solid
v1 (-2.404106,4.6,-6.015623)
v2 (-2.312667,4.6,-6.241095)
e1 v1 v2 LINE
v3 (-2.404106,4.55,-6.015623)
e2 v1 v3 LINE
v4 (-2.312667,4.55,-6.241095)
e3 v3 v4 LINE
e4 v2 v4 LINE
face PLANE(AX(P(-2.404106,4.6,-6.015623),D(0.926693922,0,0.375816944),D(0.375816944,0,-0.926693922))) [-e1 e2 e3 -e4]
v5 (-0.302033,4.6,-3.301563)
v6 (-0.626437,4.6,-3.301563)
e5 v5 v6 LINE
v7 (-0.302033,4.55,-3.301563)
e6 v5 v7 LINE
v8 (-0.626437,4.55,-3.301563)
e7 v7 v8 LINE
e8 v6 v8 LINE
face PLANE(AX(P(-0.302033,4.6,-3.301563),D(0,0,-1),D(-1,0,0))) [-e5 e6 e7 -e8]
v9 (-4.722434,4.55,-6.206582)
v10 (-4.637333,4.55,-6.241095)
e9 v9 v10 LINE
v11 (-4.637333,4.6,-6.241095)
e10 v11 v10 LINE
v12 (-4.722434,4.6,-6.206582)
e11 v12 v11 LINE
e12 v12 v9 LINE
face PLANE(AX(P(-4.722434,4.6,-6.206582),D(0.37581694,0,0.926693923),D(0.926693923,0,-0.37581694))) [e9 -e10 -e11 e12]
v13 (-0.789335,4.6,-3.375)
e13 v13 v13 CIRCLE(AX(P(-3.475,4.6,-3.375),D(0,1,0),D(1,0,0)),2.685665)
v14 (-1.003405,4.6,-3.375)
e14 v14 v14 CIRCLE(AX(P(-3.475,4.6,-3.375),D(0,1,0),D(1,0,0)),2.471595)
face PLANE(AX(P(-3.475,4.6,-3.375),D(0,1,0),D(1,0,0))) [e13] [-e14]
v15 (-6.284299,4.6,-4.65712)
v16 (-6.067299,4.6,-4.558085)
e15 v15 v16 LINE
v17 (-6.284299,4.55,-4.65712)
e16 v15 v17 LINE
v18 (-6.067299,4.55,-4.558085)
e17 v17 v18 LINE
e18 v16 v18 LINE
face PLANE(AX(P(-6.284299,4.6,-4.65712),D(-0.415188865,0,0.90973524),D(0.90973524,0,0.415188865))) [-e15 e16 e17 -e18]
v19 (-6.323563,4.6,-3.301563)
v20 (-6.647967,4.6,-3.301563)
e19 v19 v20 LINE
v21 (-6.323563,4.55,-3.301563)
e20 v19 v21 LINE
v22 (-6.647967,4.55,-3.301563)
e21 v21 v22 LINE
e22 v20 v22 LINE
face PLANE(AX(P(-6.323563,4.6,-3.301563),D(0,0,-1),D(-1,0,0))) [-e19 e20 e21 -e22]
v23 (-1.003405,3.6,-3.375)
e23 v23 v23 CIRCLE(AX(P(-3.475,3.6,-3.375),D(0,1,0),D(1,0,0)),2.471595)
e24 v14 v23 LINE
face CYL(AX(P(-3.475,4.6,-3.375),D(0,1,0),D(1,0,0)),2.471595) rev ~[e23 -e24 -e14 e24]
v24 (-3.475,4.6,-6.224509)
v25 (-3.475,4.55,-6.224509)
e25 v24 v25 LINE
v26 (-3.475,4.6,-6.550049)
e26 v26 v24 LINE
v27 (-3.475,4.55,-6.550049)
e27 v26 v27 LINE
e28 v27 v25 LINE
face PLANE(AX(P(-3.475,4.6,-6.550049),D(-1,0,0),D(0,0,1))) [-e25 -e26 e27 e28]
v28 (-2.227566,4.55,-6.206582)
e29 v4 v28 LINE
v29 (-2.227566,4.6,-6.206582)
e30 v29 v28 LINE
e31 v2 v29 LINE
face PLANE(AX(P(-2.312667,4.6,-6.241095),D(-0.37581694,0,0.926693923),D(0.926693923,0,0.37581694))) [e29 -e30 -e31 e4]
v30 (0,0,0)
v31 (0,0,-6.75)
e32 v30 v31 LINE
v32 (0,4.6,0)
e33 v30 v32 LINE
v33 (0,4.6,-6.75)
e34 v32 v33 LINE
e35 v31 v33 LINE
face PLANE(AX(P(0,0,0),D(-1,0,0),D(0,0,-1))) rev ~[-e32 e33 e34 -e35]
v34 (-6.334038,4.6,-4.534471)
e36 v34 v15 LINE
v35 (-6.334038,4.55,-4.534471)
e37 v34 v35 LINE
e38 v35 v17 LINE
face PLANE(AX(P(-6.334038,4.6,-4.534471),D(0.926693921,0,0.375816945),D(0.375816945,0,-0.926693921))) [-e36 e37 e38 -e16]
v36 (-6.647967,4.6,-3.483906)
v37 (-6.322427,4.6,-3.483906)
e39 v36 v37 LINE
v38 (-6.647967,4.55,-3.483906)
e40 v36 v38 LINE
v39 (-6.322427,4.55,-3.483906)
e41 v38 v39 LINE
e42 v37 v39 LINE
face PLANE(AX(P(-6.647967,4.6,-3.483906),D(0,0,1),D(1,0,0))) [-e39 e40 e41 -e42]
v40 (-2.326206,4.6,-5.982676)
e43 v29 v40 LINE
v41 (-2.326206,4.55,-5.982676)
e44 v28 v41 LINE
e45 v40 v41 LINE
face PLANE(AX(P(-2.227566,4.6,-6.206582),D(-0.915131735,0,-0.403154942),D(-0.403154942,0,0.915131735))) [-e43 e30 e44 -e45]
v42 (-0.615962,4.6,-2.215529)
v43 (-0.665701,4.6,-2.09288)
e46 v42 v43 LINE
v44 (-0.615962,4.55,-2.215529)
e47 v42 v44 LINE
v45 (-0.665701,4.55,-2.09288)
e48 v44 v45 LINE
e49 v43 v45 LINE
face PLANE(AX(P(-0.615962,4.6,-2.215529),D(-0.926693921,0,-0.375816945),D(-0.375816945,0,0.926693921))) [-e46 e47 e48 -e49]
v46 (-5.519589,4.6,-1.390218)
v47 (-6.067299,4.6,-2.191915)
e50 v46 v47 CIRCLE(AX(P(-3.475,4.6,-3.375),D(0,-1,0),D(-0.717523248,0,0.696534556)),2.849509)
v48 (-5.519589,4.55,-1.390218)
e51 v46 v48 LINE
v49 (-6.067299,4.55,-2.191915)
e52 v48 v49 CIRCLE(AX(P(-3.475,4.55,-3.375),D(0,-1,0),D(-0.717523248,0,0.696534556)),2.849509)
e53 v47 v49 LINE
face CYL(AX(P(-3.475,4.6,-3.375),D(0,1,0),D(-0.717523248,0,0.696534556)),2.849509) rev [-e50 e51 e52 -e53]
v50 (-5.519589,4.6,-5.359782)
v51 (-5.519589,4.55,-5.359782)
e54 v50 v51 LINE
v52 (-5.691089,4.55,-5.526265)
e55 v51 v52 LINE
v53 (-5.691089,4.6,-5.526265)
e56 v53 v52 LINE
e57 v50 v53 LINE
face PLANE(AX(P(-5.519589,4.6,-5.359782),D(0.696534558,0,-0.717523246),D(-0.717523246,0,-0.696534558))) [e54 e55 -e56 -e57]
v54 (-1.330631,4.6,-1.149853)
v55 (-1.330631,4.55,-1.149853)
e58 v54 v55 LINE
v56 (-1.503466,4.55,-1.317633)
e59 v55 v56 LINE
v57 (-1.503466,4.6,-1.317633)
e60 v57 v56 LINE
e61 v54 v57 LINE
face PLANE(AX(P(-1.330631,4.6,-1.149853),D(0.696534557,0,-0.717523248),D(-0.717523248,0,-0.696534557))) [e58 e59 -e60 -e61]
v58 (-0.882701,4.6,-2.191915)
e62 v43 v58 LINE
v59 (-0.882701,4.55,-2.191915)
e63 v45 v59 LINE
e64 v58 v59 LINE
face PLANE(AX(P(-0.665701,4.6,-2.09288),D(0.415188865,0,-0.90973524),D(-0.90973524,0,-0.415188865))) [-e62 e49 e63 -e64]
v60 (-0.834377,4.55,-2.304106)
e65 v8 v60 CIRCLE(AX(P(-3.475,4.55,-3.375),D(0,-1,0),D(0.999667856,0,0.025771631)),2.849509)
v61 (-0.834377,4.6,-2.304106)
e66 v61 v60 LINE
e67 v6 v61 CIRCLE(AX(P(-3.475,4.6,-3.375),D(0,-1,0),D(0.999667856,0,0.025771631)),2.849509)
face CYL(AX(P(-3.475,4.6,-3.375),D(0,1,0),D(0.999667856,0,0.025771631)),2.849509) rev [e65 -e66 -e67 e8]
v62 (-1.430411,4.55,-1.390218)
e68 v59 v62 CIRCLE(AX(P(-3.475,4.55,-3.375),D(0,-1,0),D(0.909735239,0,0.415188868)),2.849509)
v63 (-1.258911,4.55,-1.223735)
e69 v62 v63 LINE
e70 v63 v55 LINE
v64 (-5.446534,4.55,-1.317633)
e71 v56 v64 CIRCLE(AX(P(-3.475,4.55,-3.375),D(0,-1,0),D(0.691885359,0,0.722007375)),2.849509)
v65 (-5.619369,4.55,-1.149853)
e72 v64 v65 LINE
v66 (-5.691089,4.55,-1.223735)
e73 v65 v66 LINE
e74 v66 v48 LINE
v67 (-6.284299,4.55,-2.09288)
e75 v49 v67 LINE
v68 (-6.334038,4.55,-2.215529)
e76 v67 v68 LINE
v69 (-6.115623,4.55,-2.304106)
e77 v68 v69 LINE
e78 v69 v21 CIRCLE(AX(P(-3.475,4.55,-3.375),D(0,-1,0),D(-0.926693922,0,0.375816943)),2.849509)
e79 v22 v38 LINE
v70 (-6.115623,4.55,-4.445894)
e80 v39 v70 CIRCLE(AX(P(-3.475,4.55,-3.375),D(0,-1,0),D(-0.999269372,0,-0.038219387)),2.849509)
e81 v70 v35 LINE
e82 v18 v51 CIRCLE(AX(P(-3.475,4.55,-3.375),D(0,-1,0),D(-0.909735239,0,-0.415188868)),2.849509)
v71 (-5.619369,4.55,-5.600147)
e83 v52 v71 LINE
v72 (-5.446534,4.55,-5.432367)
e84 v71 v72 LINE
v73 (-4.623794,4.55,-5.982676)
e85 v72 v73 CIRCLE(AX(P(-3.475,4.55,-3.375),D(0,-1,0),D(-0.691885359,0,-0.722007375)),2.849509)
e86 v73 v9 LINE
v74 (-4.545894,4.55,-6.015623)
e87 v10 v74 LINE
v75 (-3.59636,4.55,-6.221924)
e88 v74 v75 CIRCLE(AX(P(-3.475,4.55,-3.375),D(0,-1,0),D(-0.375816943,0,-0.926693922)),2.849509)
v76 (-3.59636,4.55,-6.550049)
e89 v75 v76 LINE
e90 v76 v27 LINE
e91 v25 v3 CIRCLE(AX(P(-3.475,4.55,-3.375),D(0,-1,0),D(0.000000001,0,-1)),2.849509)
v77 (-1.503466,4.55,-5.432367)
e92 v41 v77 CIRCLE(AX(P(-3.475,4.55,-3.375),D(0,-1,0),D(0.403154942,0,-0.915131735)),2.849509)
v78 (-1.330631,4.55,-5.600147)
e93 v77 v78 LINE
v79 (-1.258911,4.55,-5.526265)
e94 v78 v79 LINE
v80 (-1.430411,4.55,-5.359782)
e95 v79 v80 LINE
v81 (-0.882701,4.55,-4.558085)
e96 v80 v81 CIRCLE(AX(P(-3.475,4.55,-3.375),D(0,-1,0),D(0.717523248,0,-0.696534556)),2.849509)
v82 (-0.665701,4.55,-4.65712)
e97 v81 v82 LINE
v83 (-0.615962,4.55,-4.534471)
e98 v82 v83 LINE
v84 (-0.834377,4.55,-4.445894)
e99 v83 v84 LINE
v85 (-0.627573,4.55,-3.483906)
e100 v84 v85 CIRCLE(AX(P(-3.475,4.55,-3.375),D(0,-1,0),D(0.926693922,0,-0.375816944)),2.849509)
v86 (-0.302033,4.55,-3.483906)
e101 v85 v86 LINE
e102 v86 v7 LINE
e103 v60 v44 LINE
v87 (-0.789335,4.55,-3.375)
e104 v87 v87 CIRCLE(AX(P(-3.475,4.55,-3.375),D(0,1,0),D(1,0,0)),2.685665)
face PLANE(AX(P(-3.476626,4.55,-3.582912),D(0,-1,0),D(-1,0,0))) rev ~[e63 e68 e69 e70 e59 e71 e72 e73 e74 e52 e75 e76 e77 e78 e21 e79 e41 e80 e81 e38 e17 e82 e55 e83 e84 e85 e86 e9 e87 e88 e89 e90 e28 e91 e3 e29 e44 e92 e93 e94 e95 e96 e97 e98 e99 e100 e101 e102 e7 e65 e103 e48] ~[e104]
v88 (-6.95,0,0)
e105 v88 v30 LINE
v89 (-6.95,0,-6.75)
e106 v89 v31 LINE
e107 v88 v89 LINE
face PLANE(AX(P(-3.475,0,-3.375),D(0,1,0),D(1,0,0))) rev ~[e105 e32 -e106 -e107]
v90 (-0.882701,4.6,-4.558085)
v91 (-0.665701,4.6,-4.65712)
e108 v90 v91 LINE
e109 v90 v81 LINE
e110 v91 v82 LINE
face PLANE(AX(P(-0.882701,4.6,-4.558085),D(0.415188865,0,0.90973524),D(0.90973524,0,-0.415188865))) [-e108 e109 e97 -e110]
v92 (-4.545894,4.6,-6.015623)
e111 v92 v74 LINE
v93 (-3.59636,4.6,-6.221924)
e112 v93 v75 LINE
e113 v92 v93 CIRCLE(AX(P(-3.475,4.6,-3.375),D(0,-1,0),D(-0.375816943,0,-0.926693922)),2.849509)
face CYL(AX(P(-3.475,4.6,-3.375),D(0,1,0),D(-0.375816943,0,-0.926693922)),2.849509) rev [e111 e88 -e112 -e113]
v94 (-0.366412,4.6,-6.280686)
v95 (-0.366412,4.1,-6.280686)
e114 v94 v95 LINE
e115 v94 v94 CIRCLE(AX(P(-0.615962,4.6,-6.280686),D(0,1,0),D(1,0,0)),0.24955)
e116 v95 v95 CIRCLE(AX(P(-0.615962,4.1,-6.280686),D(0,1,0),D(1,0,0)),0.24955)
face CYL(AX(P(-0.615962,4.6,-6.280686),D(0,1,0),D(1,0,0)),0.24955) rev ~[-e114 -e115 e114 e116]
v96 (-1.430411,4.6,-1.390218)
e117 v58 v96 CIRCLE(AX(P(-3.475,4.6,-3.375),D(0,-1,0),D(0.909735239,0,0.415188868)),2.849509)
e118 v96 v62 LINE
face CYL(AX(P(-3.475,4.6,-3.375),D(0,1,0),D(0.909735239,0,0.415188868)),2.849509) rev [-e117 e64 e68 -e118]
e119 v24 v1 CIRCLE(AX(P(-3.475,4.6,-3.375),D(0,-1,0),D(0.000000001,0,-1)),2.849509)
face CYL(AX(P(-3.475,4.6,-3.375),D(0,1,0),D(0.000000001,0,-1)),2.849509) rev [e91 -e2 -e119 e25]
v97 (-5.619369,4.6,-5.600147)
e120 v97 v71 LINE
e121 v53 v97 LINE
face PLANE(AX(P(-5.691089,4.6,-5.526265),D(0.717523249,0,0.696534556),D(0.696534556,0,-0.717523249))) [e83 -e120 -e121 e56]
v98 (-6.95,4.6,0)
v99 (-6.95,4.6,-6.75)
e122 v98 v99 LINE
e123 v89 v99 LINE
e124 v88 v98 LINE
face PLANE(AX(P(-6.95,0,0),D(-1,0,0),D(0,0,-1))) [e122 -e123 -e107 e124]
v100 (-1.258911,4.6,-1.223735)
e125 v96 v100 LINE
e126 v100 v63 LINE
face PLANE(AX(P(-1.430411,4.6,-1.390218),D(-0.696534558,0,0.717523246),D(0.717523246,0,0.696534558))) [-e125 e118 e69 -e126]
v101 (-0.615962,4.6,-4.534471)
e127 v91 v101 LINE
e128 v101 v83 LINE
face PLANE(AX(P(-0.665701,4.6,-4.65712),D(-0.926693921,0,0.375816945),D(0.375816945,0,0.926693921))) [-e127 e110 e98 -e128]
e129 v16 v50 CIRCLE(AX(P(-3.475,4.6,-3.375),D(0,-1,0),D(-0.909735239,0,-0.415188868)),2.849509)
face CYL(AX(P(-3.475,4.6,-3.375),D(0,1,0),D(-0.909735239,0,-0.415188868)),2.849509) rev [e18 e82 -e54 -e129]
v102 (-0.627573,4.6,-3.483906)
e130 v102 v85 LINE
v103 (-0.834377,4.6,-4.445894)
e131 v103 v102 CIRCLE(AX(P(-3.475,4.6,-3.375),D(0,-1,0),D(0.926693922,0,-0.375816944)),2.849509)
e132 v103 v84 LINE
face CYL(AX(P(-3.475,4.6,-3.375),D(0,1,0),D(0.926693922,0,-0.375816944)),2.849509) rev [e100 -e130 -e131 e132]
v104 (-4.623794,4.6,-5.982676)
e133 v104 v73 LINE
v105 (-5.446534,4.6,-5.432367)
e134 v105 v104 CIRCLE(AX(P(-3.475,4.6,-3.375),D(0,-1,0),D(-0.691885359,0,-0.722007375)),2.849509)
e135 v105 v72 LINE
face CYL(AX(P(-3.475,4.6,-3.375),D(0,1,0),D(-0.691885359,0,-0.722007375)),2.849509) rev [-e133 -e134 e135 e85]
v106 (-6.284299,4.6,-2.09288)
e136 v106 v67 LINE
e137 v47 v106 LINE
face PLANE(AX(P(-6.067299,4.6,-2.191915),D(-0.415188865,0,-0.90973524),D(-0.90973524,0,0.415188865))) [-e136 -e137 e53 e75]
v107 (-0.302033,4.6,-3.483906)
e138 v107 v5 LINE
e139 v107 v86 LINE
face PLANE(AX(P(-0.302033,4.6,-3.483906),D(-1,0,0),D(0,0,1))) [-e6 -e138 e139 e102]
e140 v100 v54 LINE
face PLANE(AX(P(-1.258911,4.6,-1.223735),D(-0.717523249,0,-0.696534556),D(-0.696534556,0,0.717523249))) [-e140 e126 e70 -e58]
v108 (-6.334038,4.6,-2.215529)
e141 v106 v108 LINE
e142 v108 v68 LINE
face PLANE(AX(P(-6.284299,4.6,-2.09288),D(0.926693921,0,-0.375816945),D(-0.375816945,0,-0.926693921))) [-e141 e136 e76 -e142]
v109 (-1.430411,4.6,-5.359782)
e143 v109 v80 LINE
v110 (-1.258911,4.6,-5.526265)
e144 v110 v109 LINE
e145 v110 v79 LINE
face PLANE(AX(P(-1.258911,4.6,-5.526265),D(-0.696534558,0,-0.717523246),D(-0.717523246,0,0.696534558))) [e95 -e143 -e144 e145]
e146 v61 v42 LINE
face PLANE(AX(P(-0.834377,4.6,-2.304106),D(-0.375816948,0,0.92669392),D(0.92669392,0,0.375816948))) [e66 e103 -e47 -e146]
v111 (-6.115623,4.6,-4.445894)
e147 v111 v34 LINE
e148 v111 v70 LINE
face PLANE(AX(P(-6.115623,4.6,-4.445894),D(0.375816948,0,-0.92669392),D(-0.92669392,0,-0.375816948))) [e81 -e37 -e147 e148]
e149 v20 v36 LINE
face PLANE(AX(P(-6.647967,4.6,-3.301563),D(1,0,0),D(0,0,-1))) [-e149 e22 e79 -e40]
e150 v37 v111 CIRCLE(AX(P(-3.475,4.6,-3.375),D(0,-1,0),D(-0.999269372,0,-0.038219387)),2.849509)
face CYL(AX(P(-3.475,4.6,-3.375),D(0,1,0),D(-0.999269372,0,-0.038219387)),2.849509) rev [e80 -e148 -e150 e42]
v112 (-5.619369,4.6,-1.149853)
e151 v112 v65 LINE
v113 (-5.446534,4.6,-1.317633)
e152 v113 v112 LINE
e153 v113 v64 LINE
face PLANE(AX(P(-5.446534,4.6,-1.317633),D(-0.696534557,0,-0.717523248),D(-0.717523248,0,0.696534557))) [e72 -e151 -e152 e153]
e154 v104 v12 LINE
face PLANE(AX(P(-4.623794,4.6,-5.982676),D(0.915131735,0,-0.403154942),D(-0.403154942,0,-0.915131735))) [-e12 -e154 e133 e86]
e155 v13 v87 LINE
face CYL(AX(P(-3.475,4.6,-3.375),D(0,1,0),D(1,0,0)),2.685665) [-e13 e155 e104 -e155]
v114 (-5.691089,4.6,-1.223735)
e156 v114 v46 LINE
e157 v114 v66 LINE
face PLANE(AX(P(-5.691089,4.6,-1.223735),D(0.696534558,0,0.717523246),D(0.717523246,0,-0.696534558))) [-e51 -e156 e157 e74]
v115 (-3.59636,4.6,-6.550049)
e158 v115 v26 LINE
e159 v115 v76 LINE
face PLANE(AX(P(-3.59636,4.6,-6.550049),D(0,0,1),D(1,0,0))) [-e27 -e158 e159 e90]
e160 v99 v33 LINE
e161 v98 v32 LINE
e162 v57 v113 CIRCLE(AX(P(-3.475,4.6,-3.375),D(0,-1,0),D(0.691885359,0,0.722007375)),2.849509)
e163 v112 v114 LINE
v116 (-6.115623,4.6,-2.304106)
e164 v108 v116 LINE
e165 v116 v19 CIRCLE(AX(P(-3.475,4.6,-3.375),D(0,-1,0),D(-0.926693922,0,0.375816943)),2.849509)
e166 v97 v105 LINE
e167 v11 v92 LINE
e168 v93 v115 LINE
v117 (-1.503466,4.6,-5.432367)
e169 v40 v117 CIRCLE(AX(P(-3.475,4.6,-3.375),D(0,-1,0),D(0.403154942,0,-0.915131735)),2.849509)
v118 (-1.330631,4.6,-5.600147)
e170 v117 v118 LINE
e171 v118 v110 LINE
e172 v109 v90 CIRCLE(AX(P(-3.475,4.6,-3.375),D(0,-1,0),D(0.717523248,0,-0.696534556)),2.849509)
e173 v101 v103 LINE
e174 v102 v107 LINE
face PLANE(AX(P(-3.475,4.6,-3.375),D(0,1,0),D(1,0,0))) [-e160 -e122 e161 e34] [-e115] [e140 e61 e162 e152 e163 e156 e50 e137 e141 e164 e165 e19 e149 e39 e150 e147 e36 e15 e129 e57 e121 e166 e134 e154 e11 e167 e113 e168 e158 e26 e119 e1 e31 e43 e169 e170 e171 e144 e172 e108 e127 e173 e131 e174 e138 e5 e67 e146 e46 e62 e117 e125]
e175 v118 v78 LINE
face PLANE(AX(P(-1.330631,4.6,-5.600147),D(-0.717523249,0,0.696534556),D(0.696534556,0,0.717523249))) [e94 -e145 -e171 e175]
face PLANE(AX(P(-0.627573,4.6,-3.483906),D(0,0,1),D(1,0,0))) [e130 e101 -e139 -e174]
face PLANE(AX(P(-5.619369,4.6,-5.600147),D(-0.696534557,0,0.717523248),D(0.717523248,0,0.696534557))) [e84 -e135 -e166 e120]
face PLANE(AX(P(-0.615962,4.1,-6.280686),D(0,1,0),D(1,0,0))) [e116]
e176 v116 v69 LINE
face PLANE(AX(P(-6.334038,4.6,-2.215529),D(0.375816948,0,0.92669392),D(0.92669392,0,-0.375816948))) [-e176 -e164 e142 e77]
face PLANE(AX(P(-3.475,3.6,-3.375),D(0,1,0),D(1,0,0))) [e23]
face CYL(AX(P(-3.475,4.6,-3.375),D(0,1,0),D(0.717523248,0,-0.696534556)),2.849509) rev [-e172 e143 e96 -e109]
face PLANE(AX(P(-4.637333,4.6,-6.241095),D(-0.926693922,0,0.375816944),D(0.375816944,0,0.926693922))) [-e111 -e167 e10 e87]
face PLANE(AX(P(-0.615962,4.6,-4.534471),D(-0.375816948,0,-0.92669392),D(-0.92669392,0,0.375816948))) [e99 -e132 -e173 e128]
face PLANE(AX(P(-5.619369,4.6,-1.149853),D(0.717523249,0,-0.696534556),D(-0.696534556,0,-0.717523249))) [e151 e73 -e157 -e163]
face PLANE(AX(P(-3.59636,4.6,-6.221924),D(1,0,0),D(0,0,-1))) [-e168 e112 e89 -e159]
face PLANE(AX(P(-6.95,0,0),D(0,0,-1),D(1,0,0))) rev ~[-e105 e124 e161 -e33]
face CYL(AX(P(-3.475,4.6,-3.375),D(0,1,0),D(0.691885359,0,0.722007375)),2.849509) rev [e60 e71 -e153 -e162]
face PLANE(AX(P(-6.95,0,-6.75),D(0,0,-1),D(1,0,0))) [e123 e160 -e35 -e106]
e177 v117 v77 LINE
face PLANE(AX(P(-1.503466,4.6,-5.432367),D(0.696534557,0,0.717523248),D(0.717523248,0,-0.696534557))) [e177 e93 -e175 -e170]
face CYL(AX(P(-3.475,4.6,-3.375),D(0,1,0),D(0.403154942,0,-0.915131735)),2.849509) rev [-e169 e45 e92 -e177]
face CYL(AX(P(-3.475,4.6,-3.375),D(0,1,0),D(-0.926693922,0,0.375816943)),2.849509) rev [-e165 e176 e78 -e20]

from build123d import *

# Parameters (mm, degrees)
SKETCH1_W           = 6.95
SKETCH1_H           = 6.75
BOSS_EXTRUDE1_DEPTH = 4.6
SKETCH3_3_R         = 2.685665185
CUT_EXTRUDE3_DEPTH  = 0.05
SKETCH3_4_R         = 2.471595258
CUT_EXTRUDE4_DEPTH  = 1
SKETCH3_R           = 0.249549506
CUT_EXTRUDE5_DEPTH  = 0.5


with BuildPart() as part:
    # Sketch1 → Boss-Extrude1 (new body)
    with BuildSketch(Plane(origin=(0, 0, 0), x_dir=(1, 0, 0), z_dir=(0, 1, 0))):
        with Locations((-3.475, 3.375)):
            Rectangle(SKETCH1_W, SKETCH1_H)
    extrude(amount=BOSS_EXTRUDE1_DEPTH)

    # Sketch3<3> → Cut-Extrude3 (cut)
    with BuildSketch(Plane(origin=(0, 4.6, 0), x_dir=(1, 0, 0), z_dir=(0, 1, 0))):
        with BuildLine():
            Line((-2.404106083, 6.015623034), (-2.312667033, 6.241094539))
            Line((-2.312667033, 6.241094539), (-2.227566093, 6.2065822))
            Line((-2.227566093, 6.2065822), (-2.326206207, 5.982676477))
            ThreePointArc((-2.326206207, 5.982676477), (-1.890758445, 5.743519048), (-1.50346617, 5.432366798))
            Line((-1.50346617, 5.432366798), (-1.330630635, 5.60014662))
            Line((-1.330630635, 5.60014662), (-1.258910519, 5.52626536))
            Line((-1.258910519, 5.52626536), (-1.430410767, 5.359781765))
            ThreePointArc((-1.430410767, 5.359781765), (-1.122158532, 4.982432988), (-0.882700889, 4.558084573))
            Line((-0.882700889, 4.558084573), (-0.665701499, 4.657119684))
            Line((-0.665701499, 4.657119684), (-0.615961925, 4.534471247))
            Line((-0.615961925, 4.534471247), (-0.834376966, 4.445893916))
            ThreePointArc((-0.834376966, 4.445893916), (-0.689137564, 3.973894209), (-0.627572536, 3.483906499))
            Line((-0.627572536, 3.483906499), (-0.302033066, 3.483906499))
            Line((-0.302033066, 3.483906499), (-0.302033066, 3.301563496))
            Line((-0.302033066, 3.301563496), (-0.626437053, 3.301563496))
            ThreePointArc((-0.626437053, 3.301563496), (-0.685462224, 2.793465152), (-0.834376966, 2.304106084))
            Line((-0.834376966, 2.304106084), (-0.615961925, 2.215528753))
            Line((-0.615961925, 2.215528753), (-0.665701499, 2.092880316))
            Line((-0.665701499, 2.092880316), (-0.882700889, 2.191915427))
            ThreePointArc((-0.882700889, 2.191915427), (-1.122158532, 1.767567012), (-1.430410767, 1.390218235))
            Line((-1.430410767, 1.390218235), (-1.258910519, 1.22373464))
            Line((-1.258910519, 1.22373464), (-1.330630635, 1.14985338))
            Line((-1.330630635, 1.14985338), (-1.50346617, 1.317633202))
            ThreePointArc((-1.50346617, 1.317633202), (-3.475, 0.525490606), (-5.44653383, 1.317633202))
            Line((-5.44653383, 1.317633202), (-5.619369365, 1.14985338))
            Line((-5.619369365, 1.14985338), (-5.691089481, 1.22373464))
            Line((-5.691089481, 1.22373464), (-5.519589233, 1.390218235))
            ThreePointArc((-5.519589233, 1.390218235), (-5.827841468, 1.767567012), (-6.067299111, 2.191915427))
            Line((-6.067299111, 2.191915427), (-6.284298501, 2.092880316))
            Line((-6.284298501, 2.092880316), (-6.334038075, 2.215528753))
            Line((-6.334038075, 2.215528753), (-6.115623034, 2.304106084))
            ThreePointArc((-6.115623034, 2.304106084), (-6.264537776, 2.793465152), (-6.323562947, 3.301563496))
            Line((-6.323562947, 3.301563496), (-6.647966934, 3.301563496))
            Line((-6.647966934, 3.301563496), (-6.647966934, 3.483906499))
            Line((-6.647966934, 3.483906499), (-6.322427464, 3.483906499))
            ThreePointArc((-6.322427464, 3.483906499), (-6.260862436, 3.973894209), (-6.115623034, 4.445893916))
            Line((-6.115623034, 4.445893916), (-6.334038075, 4.534471247))
            Line((-6.334038075, 4.534471247), (-6.284298501, 4.657119684))
            Line((-6.284298501, 4.657119684), (-6.067299111, 4.558084573))
            ThreePointArc((-6.067299111, 4.558084573), (-5.827841468, 4.982432988), (-5.519589233, 5.359781765))
            Line((-5.519589233, 5.359781765), (-5.691089481, 5.52626536))
            Line((-5.691089481, 5.52626536), (-5.619369365, 5.60014662))
            Line((-5.619369365, 5.60014662), (-5.44653383, 5.432366798))
            ThreePointArc((-5.44653383, 5.432366798), (-5.059241555, 5.743519048), (-4.623793793, 5.982676477))
            Line((-4.623793793, 5.982676477), (-4.722433907, 6.2065822))
            Line((-4.722433907, 6.2065822), (-4.637332967, 6.241094539))
            Line((-4.637332967, 6.241094539), (-4.545893917, 6.015623034))
            ThreePointArc((-4.545893917, 6.015623034), (-4.079985397, 6.159546005), (-3.596359951, 6.221923875))
            Line((-3.596359951, 6.221923875), (-3.596359951, 6.550048868))
            Line((-3.596359951, 6.550048868), (-3.475, 6.550048868))
            Line((-3.475, 6.550048868), (-3.475, 6.224509394))
            ThreePointArc((-3.475, 6.224509394), (-2.929461896, 6.171800308), (-2.404106083, 6.015623034))
        make_face()
        with Locations((-3.475, 3.375)):
            Circle(SKETCH3_3_R, mode=Mode.SUBTRACT)
    extrude(amount=-CUT_EXTRUDE3_DEPTH, mode=Mode.SUBTRACT)

    # Sketch3<4> → Cut-Extrude4 (cut)
    with BuildSketch(Plane(origin=(0, 4.6, 0), x_dir=(1, 0, 0), z_dir=(0, 1, 0))):
        with Locations((-3.475, 3.375)):
            Circle(SKETCH3_4_R)
    extrude(amount=-CUT_EXTRUDE4_DEPTH, mode=Mode.SUBTRACT)

    # Sketch3 → Cut-Extrude5 (cut)
    with BuildSketch(Plane(origin=(0, 4.6, 0), x_dir=(1, 0, 0), z_dir=(0, 1, 0))):
        with Locations((-0.615961925, 6.280685908)):
            Circle(SKETCH3_R)
    extrude(amount=-CUT_EXTRUDE5_DEPTH, mode=Mode.SUBTRACT)


solid = part.part
